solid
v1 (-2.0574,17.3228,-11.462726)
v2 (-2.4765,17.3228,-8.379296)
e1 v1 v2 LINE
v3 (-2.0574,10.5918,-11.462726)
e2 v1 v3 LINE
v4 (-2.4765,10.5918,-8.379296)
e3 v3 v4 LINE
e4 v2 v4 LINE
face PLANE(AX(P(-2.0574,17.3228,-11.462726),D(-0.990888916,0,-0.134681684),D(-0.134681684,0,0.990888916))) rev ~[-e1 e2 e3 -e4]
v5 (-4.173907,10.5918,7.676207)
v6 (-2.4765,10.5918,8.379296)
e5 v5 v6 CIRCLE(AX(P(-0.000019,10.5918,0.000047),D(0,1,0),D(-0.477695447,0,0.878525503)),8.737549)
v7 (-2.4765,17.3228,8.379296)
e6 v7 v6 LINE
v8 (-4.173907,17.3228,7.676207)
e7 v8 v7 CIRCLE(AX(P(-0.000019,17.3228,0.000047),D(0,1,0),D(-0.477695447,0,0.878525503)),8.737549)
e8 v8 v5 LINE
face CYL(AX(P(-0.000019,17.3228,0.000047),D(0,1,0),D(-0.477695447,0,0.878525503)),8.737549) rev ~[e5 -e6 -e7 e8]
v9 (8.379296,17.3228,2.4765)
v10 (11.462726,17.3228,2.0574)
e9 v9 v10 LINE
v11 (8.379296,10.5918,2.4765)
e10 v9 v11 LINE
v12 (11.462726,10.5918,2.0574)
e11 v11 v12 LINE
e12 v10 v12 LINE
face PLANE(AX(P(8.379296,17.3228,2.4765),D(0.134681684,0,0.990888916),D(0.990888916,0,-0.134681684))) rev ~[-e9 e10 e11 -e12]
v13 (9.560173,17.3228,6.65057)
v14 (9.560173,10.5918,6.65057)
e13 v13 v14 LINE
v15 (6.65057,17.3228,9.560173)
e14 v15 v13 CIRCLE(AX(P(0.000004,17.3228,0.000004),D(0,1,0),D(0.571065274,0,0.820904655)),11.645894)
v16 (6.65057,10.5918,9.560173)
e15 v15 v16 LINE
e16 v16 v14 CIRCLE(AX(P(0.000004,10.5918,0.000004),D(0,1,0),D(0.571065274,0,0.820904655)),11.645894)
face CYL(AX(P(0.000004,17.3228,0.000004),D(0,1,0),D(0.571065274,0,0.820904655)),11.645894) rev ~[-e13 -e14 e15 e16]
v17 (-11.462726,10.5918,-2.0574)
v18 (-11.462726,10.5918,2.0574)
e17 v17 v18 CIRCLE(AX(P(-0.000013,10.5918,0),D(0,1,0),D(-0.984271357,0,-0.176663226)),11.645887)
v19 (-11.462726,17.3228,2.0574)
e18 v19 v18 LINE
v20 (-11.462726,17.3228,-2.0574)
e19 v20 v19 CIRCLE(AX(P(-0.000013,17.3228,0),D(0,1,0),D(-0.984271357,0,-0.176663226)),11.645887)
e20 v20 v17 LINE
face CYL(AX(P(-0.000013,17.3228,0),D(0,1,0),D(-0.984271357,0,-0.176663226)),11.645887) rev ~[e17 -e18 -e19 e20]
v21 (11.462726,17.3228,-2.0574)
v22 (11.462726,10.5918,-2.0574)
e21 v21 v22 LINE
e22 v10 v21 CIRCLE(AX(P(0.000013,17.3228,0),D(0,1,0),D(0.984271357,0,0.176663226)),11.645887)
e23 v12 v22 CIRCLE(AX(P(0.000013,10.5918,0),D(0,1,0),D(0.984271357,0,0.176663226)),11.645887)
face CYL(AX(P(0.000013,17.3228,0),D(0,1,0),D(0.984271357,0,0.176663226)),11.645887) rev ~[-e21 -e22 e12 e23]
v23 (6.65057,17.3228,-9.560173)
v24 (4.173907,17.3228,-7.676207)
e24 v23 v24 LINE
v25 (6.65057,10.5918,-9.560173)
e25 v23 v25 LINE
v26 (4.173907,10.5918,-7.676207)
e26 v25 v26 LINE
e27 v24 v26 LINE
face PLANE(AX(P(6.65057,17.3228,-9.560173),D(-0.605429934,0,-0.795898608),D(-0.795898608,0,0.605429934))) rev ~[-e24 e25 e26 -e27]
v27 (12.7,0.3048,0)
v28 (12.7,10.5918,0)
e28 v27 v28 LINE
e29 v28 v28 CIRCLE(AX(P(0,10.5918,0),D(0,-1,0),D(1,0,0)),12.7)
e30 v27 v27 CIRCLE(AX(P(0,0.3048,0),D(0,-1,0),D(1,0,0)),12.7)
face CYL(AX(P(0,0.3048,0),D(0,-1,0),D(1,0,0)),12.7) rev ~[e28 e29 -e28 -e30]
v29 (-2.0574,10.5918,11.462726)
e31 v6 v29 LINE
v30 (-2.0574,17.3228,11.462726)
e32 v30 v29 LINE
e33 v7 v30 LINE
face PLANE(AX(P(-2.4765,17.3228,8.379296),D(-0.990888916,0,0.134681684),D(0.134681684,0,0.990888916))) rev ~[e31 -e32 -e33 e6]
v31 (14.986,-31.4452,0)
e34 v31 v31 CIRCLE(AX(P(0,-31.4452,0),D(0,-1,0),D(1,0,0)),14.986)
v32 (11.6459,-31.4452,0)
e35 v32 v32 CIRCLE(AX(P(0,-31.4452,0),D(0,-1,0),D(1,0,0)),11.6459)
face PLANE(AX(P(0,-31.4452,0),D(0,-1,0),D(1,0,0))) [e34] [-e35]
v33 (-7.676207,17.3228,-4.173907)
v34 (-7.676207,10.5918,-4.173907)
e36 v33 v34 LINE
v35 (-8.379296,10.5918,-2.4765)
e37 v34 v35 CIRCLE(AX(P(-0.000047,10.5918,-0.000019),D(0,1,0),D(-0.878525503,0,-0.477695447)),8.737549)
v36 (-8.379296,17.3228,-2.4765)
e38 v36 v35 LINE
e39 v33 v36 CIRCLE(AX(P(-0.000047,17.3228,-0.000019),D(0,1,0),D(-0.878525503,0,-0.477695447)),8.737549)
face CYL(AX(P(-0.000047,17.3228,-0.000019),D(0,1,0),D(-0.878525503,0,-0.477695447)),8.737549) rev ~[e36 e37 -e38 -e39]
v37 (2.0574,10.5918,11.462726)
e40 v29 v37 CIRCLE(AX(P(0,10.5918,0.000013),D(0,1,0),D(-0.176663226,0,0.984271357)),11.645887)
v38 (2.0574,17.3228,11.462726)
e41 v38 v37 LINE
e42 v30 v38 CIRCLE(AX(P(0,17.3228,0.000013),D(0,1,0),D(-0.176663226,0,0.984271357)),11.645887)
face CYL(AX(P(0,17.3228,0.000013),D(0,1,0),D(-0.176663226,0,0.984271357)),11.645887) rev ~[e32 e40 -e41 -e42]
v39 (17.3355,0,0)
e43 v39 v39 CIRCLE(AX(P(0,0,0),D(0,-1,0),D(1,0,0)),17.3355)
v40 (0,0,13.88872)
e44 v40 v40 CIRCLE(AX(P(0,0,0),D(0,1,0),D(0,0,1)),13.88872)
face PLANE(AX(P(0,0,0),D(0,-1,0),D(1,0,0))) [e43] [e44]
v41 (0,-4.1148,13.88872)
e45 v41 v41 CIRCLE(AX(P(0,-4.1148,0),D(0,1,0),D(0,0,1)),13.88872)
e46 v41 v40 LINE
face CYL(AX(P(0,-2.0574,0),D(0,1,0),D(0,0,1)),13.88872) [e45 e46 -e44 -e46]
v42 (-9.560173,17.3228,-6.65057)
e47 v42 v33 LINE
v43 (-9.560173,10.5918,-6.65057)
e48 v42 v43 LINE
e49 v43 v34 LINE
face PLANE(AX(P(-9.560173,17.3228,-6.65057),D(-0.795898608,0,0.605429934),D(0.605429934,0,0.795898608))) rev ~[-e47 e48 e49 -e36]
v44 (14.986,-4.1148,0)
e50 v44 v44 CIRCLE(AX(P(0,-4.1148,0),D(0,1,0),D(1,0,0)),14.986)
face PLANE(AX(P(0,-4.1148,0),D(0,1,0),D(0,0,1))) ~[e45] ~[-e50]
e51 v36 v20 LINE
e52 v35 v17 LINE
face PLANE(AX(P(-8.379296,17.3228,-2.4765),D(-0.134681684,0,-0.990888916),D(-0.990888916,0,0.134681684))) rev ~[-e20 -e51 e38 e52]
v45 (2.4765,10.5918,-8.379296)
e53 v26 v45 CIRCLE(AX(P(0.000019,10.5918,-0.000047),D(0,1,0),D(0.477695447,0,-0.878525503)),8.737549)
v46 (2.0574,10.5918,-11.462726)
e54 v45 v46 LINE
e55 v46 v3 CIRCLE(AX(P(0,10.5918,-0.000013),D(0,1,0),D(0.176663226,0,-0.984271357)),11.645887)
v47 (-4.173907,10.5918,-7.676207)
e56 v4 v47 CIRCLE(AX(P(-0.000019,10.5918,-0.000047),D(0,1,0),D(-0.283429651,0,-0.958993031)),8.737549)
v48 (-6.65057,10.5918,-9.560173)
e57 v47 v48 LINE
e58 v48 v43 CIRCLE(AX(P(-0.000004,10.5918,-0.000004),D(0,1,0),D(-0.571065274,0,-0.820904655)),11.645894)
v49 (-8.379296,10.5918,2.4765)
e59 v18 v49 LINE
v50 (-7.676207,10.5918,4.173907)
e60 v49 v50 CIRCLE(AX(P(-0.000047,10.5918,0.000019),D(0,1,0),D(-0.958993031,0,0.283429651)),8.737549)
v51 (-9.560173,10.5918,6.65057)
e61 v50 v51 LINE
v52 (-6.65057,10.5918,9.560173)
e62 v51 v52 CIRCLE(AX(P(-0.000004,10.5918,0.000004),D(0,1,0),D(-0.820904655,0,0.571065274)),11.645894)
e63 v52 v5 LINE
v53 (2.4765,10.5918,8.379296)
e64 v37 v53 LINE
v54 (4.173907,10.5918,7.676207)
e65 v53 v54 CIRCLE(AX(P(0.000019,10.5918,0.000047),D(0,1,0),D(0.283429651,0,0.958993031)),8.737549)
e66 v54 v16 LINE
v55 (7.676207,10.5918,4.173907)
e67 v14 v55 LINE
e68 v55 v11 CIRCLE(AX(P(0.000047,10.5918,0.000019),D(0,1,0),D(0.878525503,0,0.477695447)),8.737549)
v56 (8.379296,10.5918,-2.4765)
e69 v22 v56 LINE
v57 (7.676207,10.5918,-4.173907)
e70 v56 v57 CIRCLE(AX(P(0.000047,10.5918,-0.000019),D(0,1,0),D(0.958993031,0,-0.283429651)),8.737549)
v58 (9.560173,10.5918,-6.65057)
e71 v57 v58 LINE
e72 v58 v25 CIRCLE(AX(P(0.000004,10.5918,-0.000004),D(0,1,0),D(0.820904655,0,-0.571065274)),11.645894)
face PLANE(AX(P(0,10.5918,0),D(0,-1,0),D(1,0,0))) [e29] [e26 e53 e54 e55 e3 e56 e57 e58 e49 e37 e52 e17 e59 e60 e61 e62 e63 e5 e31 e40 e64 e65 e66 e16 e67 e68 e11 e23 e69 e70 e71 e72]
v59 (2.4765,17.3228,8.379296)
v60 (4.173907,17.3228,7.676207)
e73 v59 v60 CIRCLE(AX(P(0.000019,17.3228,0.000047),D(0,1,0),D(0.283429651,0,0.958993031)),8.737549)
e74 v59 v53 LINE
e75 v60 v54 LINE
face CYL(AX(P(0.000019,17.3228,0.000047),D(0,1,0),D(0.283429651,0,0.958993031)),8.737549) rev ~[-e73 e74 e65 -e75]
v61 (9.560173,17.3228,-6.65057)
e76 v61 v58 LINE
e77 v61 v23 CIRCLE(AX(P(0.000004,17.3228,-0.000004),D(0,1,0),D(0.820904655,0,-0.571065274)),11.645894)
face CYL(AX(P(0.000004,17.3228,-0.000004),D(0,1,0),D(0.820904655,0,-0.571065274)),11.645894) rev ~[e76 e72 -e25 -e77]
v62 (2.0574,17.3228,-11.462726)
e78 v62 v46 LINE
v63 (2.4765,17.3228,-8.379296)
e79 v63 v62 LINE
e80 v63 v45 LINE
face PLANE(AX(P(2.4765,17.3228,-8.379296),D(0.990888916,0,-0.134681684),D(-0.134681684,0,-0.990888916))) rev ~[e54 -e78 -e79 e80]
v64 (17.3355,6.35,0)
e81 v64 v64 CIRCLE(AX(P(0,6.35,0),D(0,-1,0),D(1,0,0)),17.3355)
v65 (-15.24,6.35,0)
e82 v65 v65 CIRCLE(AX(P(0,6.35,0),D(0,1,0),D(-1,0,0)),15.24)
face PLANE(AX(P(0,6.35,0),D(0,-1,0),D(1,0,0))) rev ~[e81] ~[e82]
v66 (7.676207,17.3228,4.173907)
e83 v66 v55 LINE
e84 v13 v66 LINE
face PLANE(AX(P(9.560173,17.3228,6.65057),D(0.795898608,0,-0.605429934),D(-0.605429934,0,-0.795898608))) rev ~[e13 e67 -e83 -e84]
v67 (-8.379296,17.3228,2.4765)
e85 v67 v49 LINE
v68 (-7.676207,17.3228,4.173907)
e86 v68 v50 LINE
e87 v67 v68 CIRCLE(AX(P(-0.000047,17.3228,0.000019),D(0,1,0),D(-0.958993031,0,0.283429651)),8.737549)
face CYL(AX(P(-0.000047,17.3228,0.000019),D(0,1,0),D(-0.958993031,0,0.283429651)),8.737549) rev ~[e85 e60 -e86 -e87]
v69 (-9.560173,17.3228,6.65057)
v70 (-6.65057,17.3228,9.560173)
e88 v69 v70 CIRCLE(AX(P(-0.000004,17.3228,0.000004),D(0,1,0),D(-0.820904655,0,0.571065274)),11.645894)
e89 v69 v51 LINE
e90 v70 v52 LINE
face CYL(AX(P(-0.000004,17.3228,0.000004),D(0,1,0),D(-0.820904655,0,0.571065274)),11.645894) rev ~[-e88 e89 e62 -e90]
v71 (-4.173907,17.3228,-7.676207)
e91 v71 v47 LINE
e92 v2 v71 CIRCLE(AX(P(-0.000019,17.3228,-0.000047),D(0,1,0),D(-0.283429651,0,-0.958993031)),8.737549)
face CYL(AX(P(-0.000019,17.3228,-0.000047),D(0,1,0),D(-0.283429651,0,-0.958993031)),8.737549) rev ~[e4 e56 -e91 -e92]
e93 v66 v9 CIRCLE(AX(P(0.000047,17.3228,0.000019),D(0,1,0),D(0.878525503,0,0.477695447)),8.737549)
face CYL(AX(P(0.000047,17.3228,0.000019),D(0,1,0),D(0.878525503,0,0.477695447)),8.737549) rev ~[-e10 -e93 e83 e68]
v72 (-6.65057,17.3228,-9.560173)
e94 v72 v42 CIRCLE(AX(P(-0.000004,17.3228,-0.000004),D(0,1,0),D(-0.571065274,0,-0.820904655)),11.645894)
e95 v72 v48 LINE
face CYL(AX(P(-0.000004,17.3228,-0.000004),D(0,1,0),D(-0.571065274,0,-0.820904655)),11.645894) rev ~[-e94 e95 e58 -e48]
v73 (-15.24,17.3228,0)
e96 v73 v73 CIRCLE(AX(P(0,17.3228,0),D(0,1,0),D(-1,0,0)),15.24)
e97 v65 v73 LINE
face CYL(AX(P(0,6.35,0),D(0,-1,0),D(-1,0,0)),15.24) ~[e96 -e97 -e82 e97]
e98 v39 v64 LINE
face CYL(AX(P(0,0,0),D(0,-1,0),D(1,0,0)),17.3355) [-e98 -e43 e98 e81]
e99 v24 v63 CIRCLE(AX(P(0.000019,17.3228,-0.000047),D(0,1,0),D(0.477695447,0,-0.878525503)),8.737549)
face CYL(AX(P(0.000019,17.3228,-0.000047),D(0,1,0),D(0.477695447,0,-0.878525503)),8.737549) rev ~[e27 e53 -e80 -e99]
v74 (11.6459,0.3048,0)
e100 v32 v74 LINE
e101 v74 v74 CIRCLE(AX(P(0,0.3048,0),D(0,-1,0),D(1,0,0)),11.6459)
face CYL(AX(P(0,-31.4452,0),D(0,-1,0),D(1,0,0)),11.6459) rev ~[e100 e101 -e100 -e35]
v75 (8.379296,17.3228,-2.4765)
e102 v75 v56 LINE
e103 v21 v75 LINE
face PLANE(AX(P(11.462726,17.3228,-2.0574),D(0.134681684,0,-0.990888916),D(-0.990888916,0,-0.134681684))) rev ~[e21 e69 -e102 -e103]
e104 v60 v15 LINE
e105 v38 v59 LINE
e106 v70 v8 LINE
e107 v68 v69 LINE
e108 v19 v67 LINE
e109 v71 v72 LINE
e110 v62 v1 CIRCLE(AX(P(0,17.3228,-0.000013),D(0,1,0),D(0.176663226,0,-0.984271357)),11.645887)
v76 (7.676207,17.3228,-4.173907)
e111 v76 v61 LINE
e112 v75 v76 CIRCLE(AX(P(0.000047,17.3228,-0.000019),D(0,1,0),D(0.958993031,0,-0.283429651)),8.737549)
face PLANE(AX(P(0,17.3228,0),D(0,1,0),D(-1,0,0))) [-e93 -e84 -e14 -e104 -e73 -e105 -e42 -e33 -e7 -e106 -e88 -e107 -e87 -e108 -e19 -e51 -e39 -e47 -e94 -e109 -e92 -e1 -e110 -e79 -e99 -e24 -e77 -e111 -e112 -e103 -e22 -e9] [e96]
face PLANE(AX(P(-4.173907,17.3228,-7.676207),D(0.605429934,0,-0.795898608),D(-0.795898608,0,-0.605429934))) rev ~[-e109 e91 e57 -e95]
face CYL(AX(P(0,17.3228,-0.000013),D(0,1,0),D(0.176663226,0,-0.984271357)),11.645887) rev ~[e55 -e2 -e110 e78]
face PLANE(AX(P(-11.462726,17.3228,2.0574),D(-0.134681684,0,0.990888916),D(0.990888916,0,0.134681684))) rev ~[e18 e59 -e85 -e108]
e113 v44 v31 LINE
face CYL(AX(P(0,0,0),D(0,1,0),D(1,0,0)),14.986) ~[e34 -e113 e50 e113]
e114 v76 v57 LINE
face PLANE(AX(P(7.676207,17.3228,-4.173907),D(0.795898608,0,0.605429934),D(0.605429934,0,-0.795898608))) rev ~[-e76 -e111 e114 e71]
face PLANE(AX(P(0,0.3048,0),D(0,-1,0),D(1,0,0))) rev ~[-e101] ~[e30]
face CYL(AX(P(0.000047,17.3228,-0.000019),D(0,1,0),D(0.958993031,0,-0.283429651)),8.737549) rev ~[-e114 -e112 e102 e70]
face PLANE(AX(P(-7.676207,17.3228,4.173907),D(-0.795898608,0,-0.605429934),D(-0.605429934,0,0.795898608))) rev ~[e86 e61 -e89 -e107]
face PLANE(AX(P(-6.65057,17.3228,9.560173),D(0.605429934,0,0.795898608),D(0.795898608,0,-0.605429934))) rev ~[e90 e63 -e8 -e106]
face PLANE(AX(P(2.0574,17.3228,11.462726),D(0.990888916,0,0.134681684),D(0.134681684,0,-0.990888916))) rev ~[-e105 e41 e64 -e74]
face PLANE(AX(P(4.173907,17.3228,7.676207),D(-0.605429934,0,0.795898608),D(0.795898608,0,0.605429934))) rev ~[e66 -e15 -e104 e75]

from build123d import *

# Parameters (mm, degrees)
F0_R      = 17.3355
F1_DEPTH  = 6.35
F2_R      = 14.986
F3_DEPTH  = 31.4452
F4_R      = 15.24
F5_DEPTH  = 10.9728
F6_W      = 4.1148
F6_H      = 1.09728
F8_R      = 11.6459
F9_DEPTH  = 31.75
F10_R     = 12.7
F11_DEPTH = 10.287
F13_DEPTH = 6.731


with BuildPart() as f1:
    # F0 (on Front) → F1 (new body)
    with BuildSketch(Plane.XZ):
        Circle(F0_R)
    extrude(amount=-F1_DEPTH)

    # F2 (on face) → F3 (join)
    with BuildSketch(Plane.XZ):
        Circle(F2_R)
    extrude(amount=F3_DEPTH)

    # F4 (on face) → F5 (join)
    with BuildSketch(Plane(origin=(0, 6.35, 0), x_dir=(-1, 0, 0), z_dir=(0, 1, 0))):
        Circle(F4_R)
    extrude(amount=F5_DEPTH)

    # F6 (on Right) → F7 (revolve, cut)
    with BuildSketch(Plane.YZ):
        with Locations((-2.0574, 14.43736)):
            Rectangle(F6_W, F6_H)
    revolve(axis=Axis((0, -0.221021, 0), (0, 1, 0)), mode=Mode.SUBTRACT)

    # F8 (on face) → F9 (cut)
    with BuildSketch(Plane.XZ.offset(31.4452)):
        Circle(F8_R)
    extrude(amount=-F9_DEPTH, mode=Mode.SUBTRACT)

    # F10 (on face) → F11 (cut)
    with BuildSketch(Plane.XZ.offset(-0.3048)):
        Circle(F10_R)
    extrude(amount=-F11_DEPTH, mode=Mode.SUBTRACT)

    # F12 (on face) → F13 (cut, through all)
    with BuildSketch(Plane(origin=(0, 17.3228, 0), x_dir=(-1, 0, 0), z_dir=(0, 1, 0))):
        with BuildLine():
            Line((-4.173907, 7.676207), (-6.65057, 9.560173))
            ThreePointArc((-6.65057, 9.560173), (-8.234895, 8.234895), (-9.560173, 6.65057))
            Line((-9.560173, 6.65057), (-7.676207, 4.173907))
            ThreePointArc((-7.676207, 4.173907), (-8.07249, 3.343735), (-8.379296, 2.4765))
            Line((-8.379296, 2.4765), (-11.462726, 2.0574))
            ThreePointArc((-11.462726, 2.0574), (-11.6459, 0), (-11.462726, -2.0574))
            Line((-11.462726, -2.0574), (-8.379296, -2.4765))
            ThreePointArc((-8.379296, -2.4765), (-8.07249, -3.343735), (-7.676207, -4.173907))
            Line((-7.676207, -4.173907), (-9.560173, -6.65057))
            ThreePointArc((-9.560173, -6.65057), (-8.234895, -8.234895), (-6.65057, -9.560173))
            Line((-6.65057, -9.560173), (-4.173907, -7.676207))
            ThreePointArc((-4.173907, -7.676207), (-3.343735, -8.07249), (-2.4765, -8.379296))
            Line((-2.4765, -8.379296), (-2.0574, -11.462726))
            ThreePointArc((-2.0574, -11.462726), (0, -11.6459), (2.0574, -11.462726))
            Line((2.0574, -11.462726), (2.4765, -8.379296))
            ThreePointArc((2.4765, -8.379296), (3.343735, -8.07249), (4.173907, -7.676207))
            Line((4.173907, -7.676207), (6.65057, -9.560173))
            ThreePointArc((6.65057, -9.560173), (8.234895, -8.234895), (9.560173, -6.65057))
            Line((9.560173, -6.65057), (7.676207, -4.173907))
            ThreePointArc((7.676207, -4.173907), (8.07249, -3.343735), (8.379296, -2.4765))
            Line((8.379296, -2.4765), (11.462726, -2.0574))
            ThreePointArc((11.462726, -2.0574), (11.6459, 0), (11.462726, 2.0574))
            Line((11.462726, 2.0574), (8.379296, 2.4765))
            ThreePointArc((8.379296, 2.4765), (8.07249, 3.343735), (7.676207, 4.173907))
            Line((7.676207, 4.173907), (9.560173, 6.65057))
            ThreePointArc((9.560173, 6.65057), (8.234895, 8.234895), (6.65057, 9.560173))
            Line((6.65057, 9.560173), (4.173907, 7.676207))
            ThreePointArc((4.173907, 7.676207), (3.343735, 8.07249), (2.4765, 8.379296))
            Line((2.4765, 8.379296), (2.0574, 11.462726))
            ThreePointArc((2.0574, 11.462726), (0, 11.6459), (-2.0574, 11.462726))
            Line((-2.0574, 11.462726), (-2.4765, 8.379296))
            ThreePointArc((-2.4765, 8.379296), (-3.343735, 8.07249), (-4.173907, 7.676207))
        make_face()
    extrude(amount=-F13_DEPTH, mode=Mode.SUBTRACT)


solid = f1.part
